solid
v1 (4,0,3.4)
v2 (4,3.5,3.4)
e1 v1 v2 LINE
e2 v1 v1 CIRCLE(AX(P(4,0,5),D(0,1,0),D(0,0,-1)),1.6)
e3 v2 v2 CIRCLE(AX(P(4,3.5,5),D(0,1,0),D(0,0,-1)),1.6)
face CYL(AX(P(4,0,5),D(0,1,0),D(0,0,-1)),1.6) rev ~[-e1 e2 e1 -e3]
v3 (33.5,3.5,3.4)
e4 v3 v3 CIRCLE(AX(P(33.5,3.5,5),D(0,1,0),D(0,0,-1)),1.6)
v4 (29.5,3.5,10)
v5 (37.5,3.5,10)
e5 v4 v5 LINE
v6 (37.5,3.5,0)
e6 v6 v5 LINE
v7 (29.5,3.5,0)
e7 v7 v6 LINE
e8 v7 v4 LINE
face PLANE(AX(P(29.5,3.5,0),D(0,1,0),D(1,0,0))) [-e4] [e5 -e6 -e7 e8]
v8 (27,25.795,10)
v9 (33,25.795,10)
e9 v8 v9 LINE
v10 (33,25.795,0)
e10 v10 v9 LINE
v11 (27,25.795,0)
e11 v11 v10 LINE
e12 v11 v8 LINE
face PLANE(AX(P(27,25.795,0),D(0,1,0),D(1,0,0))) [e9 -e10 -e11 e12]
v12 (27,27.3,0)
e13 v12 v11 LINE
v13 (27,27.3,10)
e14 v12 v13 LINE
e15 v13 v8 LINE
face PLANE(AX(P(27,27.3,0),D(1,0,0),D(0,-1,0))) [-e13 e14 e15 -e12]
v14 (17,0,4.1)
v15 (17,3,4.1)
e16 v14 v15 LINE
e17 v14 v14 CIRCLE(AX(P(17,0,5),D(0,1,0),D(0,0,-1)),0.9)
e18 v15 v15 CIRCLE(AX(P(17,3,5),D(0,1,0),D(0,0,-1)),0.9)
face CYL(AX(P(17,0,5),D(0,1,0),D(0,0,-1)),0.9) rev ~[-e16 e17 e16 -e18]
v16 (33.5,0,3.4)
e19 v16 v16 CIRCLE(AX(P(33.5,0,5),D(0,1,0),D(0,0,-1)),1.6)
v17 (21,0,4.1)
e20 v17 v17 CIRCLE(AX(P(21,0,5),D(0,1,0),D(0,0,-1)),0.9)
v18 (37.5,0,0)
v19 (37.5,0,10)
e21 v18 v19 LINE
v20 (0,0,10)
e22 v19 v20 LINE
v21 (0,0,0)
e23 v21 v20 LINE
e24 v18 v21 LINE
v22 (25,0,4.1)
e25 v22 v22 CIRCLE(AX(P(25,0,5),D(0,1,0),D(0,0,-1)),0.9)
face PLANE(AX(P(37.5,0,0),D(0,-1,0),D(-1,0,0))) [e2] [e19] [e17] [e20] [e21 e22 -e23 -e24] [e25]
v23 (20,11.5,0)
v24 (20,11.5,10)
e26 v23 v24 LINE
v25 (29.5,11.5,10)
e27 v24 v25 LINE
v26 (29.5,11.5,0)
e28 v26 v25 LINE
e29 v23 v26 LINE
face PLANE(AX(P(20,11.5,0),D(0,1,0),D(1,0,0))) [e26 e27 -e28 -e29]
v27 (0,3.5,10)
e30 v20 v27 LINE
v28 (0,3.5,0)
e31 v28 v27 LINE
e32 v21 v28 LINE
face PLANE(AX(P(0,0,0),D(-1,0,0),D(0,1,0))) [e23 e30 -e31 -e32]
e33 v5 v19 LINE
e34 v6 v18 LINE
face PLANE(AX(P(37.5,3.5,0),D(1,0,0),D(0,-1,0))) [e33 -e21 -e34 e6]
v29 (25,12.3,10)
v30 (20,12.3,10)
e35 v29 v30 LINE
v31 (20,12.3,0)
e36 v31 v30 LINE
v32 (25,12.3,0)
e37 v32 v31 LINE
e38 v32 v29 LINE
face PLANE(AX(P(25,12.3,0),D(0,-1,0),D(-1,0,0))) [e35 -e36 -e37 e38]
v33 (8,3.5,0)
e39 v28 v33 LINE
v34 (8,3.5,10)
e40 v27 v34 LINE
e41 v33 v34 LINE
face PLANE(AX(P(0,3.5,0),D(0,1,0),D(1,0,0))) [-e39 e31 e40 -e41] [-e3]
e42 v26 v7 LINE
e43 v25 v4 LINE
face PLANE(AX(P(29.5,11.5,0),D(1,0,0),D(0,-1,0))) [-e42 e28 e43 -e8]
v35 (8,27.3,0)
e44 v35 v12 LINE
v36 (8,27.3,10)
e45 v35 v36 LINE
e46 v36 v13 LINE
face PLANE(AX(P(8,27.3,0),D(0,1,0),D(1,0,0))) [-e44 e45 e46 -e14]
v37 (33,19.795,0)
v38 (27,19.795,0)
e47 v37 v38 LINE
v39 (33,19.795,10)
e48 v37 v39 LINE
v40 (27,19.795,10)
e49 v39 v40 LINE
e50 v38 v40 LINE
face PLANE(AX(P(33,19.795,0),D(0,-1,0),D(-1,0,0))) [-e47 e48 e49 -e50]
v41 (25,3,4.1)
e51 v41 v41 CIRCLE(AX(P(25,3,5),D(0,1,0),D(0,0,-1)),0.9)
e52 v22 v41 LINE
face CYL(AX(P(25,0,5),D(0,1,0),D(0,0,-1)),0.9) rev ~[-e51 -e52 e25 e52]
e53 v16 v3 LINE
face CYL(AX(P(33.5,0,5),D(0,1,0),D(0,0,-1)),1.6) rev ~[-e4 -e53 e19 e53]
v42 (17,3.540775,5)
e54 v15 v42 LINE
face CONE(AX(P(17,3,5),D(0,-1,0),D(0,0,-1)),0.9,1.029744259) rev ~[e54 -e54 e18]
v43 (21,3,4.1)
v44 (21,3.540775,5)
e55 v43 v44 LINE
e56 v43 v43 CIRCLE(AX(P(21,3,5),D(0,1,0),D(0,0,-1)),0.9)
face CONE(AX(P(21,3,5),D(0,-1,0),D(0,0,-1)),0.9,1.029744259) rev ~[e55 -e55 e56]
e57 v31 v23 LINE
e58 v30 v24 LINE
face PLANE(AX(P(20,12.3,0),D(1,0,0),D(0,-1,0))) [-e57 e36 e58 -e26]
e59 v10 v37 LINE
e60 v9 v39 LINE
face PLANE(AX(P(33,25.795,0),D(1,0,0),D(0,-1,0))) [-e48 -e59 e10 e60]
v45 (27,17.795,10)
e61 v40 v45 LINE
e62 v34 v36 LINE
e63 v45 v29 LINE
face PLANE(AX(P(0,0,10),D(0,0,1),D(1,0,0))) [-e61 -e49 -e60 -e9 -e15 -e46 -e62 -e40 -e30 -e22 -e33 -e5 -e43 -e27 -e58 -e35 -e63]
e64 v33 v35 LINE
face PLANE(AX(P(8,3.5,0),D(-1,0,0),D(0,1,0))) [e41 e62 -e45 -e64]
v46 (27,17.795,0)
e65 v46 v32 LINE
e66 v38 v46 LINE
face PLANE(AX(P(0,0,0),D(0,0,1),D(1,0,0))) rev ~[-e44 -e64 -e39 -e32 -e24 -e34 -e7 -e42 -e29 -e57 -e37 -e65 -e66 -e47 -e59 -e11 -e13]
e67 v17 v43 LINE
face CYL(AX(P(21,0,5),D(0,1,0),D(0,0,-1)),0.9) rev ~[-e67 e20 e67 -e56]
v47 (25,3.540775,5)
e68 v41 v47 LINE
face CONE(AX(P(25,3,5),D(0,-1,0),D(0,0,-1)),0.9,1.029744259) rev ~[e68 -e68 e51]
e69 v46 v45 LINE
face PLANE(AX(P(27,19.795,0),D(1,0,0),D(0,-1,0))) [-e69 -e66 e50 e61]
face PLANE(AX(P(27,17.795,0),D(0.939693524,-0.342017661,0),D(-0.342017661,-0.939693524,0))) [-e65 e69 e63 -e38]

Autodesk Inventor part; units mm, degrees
ref_plane "YZ Plane" through (0, 0, 0) normal (1, 0, 0) x (0, 1, 0)
ref_plane "XZ Plane" through (0, 0, 0) normal (0, 1, 0) x (-1, 0, 0)
ref_plane "XY Plane" through (0, 0, 0) normal (0, 0, 1) x (1, 0, 0)
sketch "Skizze1" plane through (0, 0, 0) normal (0, 0, 1) x (1, 0, 0)
  line L0 (0, 0) -> (0, 3.5)
  line L1 (0, 3.5) -> (8, 3.5)
  line L2 (8, 3.5) -> (8, 27.3)
  line L3 (8, 27.3) -> (27, 27.3)
  line L4 (27, 27.3) -> (27, 25.795)
  line L5 (27, 25.795) -> (33, 25.795)
  line L6 (33, 25.795) -> (33, 19.795)
  line L7 (33, 19.795) -> (27, 19.795)
  line L8 (27, 19.795) -> (27, 17.795)
  line L9 (27, 17.795) -> (25, 12.3)
  line L10 (25, 12.3) -> (20, 12.3)
  line L11 (20, 12.3) -> (20, 11.5)
  line L12 (20, 11.5) -> (29.5, 11.5)
  line L13 (29.5, 11.5) -> (29.5, 3.5)
  line L14 (29.5, 3.5) -> (37.5, 3.5)
  line L15 (37.5, 3.5) -> (37.5, 0)
  line L16 (37.5, 0) -> (0, 0)
  line L17 (0, 32.76) -> (0, -5.46) projected
  line L18 (-7.5, 0) -> (45, 0) projected
  dimension "d0" = 27.3
  dimension "d1" = 3.5
  dimension "d2" = 37.5
  dimension "d3" = 8
  dimension "d4" = 19
  dimension "d5" = 6
  dimension "d6" = 6
  dimension "d7" = 15
  dimension "d8" = 11.5
  dimension "d9" = 21.5
  dimension "d10" = 12
  dimension "d11" = 17
  dimension "d12" = 2
  dimension "d13" = 70
extrude "Extrusion1" add sketch "Skizze1" along normal blind 10
sketch "Skizze2" plane through (0, 0, 0) normal (0, -1, 0) x (1, 0, 0)
  line L0 (37.5, 10) -> (0, 10) projected
  line L1 (37.5, 0) -> (37.5, 10) projected
  point P0 (25, 5)
  point P1 (17, 5)
  point P2 (21, 5)
  dimension "d16" = 16.5
  dimension "d17" = 4
  dimension "d18" = 4
  dimension "d19" = 5
  dimension "d20" = 5
  dimension "d21" = 5
hole "Bohrung1" at (25, 0, 5) at (17, 0, 5) at (21, 0, 5) direction (0, 1, 0) diameter 1.8 depth 3 tip angle 118
sketch "Skizze3" plane through (0, 0, 0) normal (0, -1, 0) x (1, 0, 0)
  circle A0 centre (21, 5) radius 0.9 projected
  line L0 (37.5, 10) -> (0, 10) projected
  point P0 (33.5, 5)
  point P1 (4, 5)
  dimension "d30" = 12.5
  dimension "d31" = 17
  dimension "d32" = 5
  dimension "d33" = 5
hole "Bohrung2" at (33.5, 0, 5) at (4, 0, 5) direction (0, 1, 0) diameter 3.2 depth 3.5 tip angle 118 clearance for "Inbusschraube DIN EN ISO 4762" size "M3" standard "DIN"
equation "\"d18\" = d17"
equation "\"d20\" = d19"
equation "\"d21\" = d19"
properties part number "Ventil" material "Thermoplastic Resin"
